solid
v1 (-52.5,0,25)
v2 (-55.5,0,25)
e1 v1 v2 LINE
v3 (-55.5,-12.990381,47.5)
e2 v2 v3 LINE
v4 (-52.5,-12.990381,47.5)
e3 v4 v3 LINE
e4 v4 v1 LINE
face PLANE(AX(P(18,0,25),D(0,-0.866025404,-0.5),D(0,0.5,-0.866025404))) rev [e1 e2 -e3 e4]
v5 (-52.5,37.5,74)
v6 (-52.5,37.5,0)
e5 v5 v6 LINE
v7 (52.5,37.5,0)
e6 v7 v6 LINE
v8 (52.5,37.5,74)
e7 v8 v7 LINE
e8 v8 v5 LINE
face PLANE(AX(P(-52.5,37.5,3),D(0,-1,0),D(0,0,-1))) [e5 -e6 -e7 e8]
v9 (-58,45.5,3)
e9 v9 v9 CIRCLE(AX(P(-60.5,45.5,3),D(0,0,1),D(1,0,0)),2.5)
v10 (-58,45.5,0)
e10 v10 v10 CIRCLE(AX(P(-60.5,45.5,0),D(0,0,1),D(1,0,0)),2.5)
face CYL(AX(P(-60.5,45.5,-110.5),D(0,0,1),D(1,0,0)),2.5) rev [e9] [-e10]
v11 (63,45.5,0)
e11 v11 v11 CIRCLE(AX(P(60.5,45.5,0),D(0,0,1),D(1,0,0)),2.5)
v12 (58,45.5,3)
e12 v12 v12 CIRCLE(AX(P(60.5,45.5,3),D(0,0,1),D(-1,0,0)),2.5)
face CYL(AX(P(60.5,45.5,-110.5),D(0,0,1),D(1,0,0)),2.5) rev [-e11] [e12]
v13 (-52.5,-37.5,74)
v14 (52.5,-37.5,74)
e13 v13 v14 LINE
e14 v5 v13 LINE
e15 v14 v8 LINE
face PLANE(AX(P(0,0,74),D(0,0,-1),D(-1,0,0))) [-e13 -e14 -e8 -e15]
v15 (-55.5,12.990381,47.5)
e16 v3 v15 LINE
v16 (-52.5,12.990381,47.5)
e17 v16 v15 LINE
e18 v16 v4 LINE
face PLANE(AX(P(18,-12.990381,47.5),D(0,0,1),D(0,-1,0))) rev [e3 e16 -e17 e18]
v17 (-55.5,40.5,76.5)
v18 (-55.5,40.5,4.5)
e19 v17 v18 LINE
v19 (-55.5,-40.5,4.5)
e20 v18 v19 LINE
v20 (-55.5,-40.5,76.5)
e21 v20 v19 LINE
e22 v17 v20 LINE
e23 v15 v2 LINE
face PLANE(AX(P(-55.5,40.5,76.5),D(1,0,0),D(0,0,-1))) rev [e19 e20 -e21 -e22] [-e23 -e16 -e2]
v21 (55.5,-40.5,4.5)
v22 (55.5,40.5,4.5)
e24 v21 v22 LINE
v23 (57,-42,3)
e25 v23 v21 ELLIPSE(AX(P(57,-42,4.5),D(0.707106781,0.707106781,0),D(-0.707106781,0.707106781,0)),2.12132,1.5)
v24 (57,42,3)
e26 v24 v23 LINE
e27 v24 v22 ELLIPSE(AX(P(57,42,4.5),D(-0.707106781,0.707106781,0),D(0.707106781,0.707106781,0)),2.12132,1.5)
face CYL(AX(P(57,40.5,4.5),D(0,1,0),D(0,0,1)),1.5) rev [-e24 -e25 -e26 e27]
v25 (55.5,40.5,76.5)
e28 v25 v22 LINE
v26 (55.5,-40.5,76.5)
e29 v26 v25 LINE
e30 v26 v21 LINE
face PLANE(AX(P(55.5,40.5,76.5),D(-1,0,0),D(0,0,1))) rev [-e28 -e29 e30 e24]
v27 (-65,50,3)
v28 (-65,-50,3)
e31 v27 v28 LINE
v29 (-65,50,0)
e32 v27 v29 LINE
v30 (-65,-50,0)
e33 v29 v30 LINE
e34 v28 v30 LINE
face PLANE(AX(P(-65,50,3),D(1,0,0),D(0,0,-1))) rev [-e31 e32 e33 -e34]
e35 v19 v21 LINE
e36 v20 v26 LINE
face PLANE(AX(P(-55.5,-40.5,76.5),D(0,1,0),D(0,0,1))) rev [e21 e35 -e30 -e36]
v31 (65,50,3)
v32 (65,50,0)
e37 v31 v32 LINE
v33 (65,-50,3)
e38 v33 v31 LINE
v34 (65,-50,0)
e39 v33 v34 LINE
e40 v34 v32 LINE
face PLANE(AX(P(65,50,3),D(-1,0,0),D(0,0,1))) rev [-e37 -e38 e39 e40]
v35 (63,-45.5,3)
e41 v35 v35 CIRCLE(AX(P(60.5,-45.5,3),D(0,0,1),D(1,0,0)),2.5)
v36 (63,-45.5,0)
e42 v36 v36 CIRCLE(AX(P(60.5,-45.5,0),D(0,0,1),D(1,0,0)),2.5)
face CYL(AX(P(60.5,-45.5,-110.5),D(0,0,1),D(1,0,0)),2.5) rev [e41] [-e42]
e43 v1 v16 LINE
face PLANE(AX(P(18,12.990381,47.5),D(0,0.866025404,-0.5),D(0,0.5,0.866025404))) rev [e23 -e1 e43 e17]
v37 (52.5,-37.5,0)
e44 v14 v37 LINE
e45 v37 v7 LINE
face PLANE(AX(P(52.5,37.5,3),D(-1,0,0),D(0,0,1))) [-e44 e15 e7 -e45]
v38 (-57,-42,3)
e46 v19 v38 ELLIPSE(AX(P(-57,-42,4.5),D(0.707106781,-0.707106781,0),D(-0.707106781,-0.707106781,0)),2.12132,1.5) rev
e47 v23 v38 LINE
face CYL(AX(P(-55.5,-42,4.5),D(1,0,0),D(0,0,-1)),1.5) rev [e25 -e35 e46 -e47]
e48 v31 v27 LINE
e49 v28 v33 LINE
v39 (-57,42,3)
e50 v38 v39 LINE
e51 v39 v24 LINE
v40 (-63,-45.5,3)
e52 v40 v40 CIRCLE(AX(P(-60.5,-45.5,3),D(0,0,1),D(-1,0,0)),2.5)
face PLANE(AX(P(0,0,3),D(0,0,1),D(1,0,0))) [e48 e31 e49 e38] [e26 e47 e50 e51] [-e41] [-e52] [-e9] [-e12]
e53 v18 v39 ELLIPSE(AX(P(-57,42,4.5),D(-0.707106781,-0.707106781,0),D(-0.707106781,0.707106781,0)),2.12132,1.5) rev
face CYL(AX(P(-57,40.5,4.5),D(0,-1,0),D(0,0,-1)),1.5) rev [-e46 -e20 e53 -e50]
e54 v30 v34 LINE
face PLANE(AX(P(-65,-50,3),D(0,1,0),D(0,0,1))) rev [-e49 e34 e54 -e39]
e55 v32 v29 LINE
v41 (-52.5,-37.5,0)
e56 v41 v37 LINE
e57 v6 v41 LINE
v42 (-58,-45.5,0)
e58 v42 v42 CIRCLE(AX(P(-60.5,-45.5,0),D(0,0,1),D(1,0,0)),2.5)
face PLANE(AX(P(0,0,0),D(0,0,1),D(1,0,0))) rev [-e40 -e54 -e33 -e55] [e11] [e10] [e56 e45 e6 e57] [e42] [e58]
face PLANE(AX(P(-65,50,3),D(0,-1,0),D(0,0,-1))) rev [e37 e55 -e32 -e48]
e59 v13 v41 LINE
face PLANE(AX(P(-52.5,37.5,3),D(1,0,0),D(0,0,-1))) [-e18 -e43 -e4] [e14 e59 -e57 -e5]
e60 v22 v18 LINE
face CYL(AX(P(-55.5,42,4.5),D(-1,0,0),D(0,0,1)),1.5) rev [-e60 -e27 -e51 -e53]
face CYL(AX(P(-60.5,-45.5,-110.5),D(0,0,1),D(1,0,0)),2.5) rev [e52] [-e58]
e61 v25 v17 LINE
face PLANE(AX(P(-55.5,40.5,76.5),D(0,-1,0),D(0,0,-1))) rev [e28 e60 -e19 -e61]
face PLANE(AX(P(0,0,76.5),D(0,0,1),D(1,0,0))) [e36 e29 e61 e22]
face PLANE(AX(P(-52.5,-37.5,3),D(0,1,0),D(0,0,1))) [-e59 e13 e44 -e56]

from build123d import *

# Parameters (mm, degrees)
SKETCH_1_W          = 130
SKETCH_1_H          = 100
SKETCH_1_W_2        = 105
SKETCH_1_H_2        = 75
EXTRUDE_1_DEPTH     = 3
SKETCH_2_W          = 111
SKETCH_2_H          = 81
SKETCH_2_W_2        = 105
SKETCH_2_H_2        = 75
EXTRUDE_2_DEPTH     = 73.5
FILLET_1_R          = 1.5
SKETCH_4_R          = 2.5
CUT_EXTRUDE_2_DEPTH = 113.5
CUT_EXTRUDE_4_DEPTH = 73.5
SKETCH_7_W          = 105
SKETCH_7_H          = 75
EXTRUDE_3_DEPTH     = 2.5


with BuildPart() as part:
    # 草图1 → 凸台-拉伸1 (new body)
    with BuildSketch(Plane.XY):
        Rectangle(SKETCH_1_W, SKETCH_1_H)
        Rectangle(SKETCH_1_W_2, SKETCH_1_H_2, mode=Mode.SUBTRACT)
    extrude(amount=EXTRUDE_1_DEPTH)

    # 草图2 → 凸台-拉伸2 (add)
    with BuildSketch(Plane.XY.offset(3)):
        Rectangle(SKETCH_2_W, SKETCH_2_H)
        Rectangle(SKETCH_2_W_2, SKETCH_2_H_2, mode=Mode.SUBTRACT)
    extrude(amount=EXTRUDE_2_DEPTH)

    # 圆角1
    fillet_1_edges = [part.edges().sort_by_distance(p)[0] for p in [
        (55.5, 0, 3),
        (0, 40.5, 3),
        (-55.5, 0, 3),
        (0, -40.5, 3),
    ]]
    fillet(fillet_1_edges, radius=FILLET_1_R)

    # 草图4 → 切除-拉伸2 (cut)
    with BuildSketch(Plane.XY.offset(3)):
        with Locations((-60.5, 45.5)):
            Circle(SKETCH_4_R)
        with Locations((60.5, 45.5)):
            Circle(SKETCH_4_R)
        with Locations((60.5, -45.5)):
            Circle(SKETCH_4_R)
        with Locations((-60.5, -45.5)):
            Circle(SKETCH_4_R)
    extrude(amount=-CUT_EXTRUDE_2_DEPTH, mode=Mode.SUBTRACT)

    # 草图6 → 切除-拉伸4 (cut)
    with BuildSketch(Plane.ZY.offset(55.5)):
        Polygon((25, 0), (47.5, -12.990381057), (47.5, 12.990381057), align=None)
    extrude(amount=-CUT_EXTRUDE_4_DEPTH, mode=Mode.SUBTRACT)

    # 草图7 → 凸台-拉伸3 (add)
    with BuildSketch(Plane.XY.offset(76.5)):
        Rectangle(SKETCH_7_W, SKETCH_7_H)
    extrude(amount=-EXTRUDE_3_DEPTH)


solid = part.part
